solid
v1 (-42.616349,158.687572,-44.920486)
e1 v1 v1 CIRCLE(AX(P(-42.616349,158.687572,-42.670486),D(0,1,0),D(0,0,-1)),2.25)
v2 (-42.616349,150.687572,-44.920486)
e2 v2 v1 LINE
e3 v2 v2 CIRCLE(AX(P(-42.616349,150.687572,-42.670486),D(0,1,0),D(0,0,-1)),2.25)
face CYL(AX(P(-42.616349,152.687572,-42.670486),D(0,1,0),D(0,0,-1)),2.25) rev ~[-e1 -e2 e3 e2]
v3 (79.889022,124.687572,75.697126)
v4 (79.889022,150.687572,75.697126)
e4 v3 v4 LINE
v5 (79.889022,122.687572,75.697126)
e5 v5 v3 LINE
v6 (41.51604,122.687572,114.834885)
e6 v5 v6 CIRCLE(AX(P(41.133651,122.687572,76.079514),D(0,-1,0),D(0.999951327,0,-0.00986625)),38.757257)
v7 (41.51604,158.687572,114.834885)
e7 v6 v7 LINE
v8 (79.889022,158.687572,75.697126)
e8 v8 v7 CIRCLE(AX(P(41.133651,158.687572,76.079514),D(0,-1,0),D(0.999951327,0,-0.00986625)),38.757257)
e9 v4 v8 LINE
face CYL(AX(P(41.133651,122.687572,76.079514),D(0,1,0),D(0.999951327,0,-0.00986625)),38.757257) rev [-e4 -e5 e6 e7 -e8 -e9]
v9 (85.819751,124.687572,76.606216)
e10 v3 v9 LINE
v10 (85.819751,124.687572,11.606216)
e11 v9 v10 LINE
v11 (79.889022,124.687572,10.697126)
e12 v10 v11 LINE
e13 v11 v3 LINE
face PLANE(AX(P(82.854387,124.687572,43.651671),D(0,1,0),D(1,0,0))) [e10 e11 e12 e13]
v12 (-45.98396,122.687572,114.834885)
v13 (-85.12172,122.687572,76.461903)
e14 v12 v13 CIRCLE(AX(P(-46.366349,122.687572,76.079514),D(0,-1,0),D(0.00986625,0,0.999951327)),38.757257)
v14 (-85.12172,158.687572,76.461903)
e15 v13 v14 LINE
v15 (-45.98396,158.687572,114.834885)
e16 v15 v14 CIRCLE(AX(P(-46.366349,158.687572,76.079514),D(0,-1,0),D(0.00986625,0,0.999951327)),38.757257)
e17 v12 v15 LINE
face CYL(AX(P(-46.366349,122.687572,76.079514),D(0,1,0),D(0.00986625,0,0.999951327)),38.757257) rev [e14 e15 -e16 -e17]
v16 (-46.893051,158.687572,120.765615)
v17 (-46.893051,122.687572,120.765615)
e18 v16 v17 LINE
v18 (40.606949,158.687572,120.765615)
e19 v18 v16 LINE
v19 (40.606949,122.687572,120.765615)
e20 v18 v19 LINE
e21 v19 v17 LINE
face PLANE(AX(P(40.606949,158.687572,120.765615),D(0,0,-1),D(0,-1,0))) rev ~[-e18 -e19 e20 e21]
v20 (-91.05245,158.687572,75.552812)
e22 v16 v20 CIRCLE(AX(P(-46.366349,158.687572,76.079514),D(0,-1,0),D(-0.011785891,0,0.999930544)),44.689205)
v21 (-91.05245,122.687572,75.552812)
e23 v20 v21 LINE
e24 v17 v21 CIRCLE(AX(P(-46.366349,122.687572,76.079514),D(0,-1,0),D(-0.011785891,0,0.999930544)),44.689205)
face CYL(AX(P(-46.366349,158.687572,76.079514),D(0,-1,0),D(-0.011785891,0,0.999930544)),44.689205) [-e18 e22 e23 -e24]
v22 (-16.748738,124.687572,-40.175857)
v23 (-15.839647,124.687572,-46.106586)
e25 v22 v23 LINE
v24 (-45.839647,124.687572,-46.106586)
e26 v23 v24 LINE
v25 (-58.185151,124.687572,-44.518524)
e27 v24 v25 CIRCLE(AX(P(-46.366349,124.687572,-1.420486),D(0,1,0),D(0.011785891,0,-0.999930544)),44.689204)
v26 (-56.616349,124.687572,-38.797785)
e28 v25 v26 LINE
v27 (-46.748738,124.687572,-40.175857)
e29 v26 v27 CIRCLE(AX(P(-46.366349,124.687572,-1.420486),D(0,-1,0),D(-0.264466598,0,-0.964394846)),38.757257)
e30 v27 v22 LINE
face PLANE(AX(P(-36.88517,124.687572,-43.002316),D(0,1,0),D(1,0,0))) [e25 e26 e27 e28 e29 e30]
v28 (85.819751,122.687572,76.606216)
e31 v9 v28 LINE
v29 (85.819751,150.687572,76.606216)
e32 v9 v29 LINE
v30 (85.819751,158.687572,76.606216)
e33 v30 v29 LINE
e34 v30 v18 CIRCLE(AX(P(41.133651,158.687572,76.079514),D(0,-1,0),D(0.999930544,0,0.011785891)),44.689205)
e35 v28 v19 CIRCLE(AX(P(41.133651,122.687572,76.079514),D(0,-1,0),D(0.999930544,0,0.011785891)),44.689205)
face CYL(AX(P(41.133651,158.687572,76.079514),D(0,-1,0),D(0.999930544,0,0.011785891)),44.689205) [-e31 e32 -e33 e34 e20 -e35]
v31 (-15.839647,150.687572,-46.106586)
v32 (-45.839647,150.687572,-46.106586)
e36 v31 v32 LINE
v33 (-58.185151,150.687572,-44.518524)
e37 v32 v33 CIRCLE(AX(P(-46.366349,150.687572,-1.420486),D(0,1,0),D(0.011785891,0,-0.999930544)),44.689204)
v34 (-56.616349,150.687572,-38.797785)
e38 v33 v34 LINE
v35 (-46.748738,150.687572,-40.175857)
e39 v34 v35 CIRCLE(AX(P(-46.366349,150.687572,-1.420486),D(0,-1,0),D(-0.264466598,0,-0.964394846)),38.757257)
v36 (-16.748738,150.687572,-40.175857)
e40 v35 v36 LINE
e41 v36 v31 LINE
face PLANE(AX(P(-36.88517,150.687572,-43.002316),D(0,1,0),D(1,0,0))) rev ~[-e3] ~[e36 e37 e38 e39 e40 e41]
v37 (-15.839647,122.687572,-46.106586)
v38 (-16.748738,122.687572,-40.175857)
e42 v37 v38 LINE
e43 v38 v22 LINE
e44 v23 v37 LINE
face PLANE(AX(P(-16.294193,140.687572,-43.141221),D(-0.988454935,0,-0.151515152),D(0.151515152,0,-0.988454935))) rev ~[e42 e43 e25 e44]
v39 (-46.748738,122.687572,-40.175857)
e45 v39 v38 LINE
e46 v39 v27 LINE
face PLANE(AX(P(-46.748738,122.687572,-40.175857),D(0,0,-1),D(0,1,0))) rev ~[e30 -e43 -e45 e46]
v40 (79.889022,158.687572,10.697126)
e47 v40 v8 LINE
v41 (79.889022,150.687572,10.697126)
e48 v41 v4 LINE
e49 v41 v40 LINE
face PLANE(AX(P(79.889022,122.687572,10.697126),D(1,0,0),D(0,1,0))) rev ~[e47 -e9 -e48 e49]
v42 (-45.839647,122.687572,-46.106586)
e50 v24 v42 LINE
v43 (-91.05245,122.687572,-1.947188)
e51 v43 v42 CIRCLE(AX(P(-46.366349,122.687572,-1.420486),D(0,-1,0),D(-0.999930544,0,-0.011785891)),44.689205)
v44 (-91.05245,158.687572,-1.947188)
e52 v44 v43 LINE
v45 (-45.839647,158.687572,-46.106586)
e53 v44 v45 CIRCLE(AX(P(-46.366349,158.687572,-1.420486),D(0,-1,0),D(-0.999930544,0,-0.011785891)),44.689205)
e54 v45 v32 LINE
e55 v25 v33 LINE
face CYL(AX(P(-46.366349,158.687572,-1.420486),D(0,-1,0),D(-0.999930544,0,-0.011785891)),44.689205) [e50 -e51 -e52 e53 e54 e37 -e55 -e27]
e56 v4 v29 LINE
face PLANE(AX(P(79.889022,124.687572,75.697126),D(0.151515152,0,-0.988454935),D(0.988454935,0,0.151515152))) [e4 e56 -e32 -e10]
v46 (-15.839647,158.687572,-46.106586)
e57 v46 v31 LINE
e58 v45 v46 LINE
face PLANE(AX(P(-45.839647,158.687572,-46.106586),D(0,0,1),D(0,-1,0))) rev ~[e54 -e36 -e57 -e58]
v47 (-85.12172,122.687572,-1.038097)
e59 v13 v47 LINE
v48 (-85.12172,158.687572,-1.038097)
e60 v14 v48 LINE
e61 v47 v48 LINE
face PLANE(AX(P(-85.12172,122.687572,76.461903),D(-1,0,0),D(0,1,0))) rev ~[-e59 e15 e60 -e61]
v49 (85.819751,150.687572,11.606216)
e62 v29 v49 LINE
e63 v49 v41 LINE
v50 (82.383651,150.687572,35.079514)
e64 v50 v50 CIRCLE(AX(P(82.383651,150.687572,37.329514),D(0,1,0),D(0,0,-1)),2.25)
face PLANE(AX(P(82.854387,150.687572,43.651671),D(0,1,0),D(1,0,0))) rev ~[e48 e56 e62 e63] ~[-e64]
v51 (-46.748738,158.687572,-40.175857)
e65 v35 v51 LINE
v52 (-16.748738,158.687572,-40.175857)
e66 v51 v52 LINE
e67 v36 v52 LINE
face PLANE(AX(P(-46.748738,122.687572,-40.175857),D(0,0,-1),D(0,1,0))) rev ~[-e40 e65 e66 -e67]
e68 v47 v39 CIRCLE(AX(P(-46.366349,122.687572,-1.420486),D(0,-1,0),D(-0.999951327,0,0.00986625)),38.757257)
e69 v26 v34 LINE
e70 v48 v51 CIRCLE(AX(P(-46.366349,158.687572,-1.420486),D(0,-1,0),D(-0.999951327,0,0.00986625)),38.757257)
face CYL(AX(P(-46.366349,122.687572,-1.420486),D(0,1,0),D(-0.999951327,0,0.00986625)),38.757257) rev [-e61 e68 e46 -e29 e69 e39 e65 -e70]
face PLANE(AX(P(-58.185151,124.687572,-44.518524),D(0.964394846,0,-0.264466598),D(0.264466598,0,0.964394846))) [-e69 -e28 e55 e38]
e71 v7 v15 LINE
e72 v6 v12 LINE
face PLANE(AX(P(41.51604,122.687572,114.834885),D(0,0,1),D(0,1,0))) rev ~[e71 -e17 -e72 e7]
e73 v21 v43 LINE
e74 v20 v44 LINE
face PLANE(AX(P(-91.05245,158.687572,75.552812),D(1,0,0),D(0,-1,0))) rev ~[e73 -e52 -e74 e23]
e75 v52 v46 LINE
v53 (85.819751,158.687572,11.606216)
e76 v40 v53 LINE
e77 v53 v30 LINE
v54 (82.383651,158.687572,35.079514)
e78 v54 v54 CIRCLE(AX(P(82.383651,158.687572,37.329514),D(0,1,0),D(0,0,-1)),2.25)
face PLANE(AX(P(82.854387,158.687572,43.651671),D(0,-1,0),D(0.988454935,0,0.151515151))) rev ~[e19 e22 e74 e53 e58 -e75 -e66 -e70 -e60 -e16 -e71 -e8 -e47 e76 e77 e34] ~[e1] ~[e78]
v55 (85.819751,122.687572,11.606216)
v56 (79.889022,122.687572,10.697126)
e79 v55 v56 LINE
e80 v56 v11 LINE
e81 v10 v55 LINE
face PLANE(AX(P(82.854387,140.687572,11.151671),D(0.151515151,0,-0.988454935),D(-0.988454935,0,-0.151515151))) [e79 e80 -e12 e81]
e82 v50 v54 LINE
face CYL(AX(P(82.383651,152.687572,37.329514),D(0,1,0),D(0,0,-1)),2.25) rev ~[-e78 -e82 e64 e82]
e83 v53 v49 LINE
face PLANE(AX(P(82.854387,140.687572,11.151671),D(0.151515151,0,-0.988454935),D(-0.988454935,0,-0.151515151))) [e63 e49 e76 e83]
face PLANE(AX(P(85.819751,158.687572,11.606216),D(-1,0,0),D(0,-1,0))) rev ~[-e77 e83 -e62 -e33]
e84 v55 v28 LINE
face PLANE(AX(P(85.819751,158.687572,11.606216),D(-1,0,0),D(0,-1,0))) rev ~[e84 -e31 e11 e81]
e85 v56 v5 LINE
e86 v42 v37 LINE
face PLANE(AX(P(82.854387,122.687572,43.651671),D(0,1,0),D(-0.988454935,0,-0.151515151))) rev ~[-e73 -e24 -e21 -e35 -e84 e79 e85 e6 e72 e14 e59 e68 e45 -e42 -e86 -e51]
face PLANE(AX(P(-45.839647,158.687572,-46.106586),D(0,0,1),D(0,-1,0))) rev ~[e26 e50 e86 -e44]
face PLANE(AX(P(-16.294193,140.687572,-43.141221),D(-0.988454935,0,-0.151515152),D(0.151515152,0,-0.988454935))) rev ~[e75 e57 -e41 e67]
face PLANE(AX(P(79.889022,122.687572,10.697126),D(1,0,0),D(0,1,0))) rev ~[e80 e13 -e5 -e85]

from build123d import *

# Parameters (mm, degrees)
SKETCH6_W                     = 2.25
SKETCH6_H                     = 12
M4_CLEARANCE_HOLE1_AT_2_COUNT = 2
M4_CLEARANCE_HOLE1_AT_2_PITCH = 148.408220797
CUT_EXTRUDE1_START            = -24
CUT_EXTRUDE1_DEPTH            = 26


with BuildPart() as part:
    # Sweep1: sweep along a path in Sketch1
    with BuildLine(Plane(origin=(0, 152.68757152, 0), x_dir=(1, 0, 0), z_dir=(0, 1, 0))) as sweep1_path:
        Line((82.38365074, -11.079514347), (82.38365074, -76.079514347))
        ThreePointArc((82.38365074, -76.079514347), (70.301805464, -105.247669071), (41.13365074, -117.329514347))
        Line((41.13365074, -117.329514347), (-46.36634926, -117.329514347))
        ThreePointArc((-46.36634926, -117.329514347), (-75.534503984, -105.247669071), (-87.61634926, -76.079514347))
        Line((-87.61634926, -76.079514347), (-87.61634926, 1.420485653))
        ThreePointArc((-87.61634926, 1.420485653), (-75.534503984, 30.588640377), (-46.36634926, 42.670485653))
        Line((-46.36634926, 42.670485653), (-16.36634926, 42.670485653))
    # Sketch2 → Sweep1 (sweep)
    with BuildSketch(Plane.ZY.offset(52.61634926)):
        Polygon((-45.670485653, 153.211679549), (-45.670485653, 158.68757152), (-39.670485653, 158.68757152), (-39.670485653, 148.68757152), (-39.670485653, 142.68757152), (-39.670485653, 122.68757152), (-45.670485653, 122.68757152), (-45.670485653, 142.68757152), align=None)
    sweep(path=sweep1_path.line)

    # Sketch6 → M4 Clearance Hole1 (revolve, cut)
    with BuildSketch(Plane(origin=(-42.61634926, 146.68757152, -42.670485653), x_dir=(0, 0, -1), z_dir=(1, 0, 0))):
        with Locations((1.125, 6)):
            Rectangle(SKETCH6_W, SKETCH6_H)
    m4_clearance_hole1 = revolve(axis=Axis((-42.61634926, 140.33757152, -42.670485653), (0, 1, 0)), mode=Mode.SUBTRACT)

    # M4 Clearance Hole1 at 2: M4 Clearance Hole1 ×2
    with Locations(*[Vector(0.8422714006615114, 0, 0.5390536964233672) * (i * M4_CLEARANCE_HOLE1_AT_2_PITCH) for i in range(1, M4_CLEARANCE_HOLE1_AT_2_COUNT)]):
        add(m4_clearance_hole1, mode=Mode.SUBTRACT)

    # Sketch7 → Cut-Extrude1 (cut)
    with BuildSketch(Plane(origin=(0, 148.68757152, 0), x_dir=(1, 0, 0), z_dir=(0, 1, 0)).offset(CUT_EXTRUDE1_START)):
        Polygon((79.889021707, -75.697125548), (85.819751318, -76.606216457), (85.819751318, -11.606216457), (79.889021707, -10.697125548), align=None)
        with BuildLine():
            Line((-46.748738059, 40.17585662), (-16.748738059, 40.17585662))
            Line((-16.748738059, 40.17585662), (-15.83964715, 46.106586231))
            Line((-15.83964715, 46.106586231), (-45.83964715, 46.106586231))
            ThreePointArc((-45.83964715, 46.106586231), (-52.06795996, 45.744481811), (-58.185151135, 44.518524149))
            Line((-58.185151135, 44.518524149), (-56.61634926, 38.797784913))
            ThreePointArc((-56.61634926, 38.797784913), (-51.727010908, 39.805226198), (-46.748738059, 40.17585662))
        make_face()
    extrude(amount=CUT_EXTRUDE1_DEPTH, mode=Mode.SUBTRACT)


solid = part.part
